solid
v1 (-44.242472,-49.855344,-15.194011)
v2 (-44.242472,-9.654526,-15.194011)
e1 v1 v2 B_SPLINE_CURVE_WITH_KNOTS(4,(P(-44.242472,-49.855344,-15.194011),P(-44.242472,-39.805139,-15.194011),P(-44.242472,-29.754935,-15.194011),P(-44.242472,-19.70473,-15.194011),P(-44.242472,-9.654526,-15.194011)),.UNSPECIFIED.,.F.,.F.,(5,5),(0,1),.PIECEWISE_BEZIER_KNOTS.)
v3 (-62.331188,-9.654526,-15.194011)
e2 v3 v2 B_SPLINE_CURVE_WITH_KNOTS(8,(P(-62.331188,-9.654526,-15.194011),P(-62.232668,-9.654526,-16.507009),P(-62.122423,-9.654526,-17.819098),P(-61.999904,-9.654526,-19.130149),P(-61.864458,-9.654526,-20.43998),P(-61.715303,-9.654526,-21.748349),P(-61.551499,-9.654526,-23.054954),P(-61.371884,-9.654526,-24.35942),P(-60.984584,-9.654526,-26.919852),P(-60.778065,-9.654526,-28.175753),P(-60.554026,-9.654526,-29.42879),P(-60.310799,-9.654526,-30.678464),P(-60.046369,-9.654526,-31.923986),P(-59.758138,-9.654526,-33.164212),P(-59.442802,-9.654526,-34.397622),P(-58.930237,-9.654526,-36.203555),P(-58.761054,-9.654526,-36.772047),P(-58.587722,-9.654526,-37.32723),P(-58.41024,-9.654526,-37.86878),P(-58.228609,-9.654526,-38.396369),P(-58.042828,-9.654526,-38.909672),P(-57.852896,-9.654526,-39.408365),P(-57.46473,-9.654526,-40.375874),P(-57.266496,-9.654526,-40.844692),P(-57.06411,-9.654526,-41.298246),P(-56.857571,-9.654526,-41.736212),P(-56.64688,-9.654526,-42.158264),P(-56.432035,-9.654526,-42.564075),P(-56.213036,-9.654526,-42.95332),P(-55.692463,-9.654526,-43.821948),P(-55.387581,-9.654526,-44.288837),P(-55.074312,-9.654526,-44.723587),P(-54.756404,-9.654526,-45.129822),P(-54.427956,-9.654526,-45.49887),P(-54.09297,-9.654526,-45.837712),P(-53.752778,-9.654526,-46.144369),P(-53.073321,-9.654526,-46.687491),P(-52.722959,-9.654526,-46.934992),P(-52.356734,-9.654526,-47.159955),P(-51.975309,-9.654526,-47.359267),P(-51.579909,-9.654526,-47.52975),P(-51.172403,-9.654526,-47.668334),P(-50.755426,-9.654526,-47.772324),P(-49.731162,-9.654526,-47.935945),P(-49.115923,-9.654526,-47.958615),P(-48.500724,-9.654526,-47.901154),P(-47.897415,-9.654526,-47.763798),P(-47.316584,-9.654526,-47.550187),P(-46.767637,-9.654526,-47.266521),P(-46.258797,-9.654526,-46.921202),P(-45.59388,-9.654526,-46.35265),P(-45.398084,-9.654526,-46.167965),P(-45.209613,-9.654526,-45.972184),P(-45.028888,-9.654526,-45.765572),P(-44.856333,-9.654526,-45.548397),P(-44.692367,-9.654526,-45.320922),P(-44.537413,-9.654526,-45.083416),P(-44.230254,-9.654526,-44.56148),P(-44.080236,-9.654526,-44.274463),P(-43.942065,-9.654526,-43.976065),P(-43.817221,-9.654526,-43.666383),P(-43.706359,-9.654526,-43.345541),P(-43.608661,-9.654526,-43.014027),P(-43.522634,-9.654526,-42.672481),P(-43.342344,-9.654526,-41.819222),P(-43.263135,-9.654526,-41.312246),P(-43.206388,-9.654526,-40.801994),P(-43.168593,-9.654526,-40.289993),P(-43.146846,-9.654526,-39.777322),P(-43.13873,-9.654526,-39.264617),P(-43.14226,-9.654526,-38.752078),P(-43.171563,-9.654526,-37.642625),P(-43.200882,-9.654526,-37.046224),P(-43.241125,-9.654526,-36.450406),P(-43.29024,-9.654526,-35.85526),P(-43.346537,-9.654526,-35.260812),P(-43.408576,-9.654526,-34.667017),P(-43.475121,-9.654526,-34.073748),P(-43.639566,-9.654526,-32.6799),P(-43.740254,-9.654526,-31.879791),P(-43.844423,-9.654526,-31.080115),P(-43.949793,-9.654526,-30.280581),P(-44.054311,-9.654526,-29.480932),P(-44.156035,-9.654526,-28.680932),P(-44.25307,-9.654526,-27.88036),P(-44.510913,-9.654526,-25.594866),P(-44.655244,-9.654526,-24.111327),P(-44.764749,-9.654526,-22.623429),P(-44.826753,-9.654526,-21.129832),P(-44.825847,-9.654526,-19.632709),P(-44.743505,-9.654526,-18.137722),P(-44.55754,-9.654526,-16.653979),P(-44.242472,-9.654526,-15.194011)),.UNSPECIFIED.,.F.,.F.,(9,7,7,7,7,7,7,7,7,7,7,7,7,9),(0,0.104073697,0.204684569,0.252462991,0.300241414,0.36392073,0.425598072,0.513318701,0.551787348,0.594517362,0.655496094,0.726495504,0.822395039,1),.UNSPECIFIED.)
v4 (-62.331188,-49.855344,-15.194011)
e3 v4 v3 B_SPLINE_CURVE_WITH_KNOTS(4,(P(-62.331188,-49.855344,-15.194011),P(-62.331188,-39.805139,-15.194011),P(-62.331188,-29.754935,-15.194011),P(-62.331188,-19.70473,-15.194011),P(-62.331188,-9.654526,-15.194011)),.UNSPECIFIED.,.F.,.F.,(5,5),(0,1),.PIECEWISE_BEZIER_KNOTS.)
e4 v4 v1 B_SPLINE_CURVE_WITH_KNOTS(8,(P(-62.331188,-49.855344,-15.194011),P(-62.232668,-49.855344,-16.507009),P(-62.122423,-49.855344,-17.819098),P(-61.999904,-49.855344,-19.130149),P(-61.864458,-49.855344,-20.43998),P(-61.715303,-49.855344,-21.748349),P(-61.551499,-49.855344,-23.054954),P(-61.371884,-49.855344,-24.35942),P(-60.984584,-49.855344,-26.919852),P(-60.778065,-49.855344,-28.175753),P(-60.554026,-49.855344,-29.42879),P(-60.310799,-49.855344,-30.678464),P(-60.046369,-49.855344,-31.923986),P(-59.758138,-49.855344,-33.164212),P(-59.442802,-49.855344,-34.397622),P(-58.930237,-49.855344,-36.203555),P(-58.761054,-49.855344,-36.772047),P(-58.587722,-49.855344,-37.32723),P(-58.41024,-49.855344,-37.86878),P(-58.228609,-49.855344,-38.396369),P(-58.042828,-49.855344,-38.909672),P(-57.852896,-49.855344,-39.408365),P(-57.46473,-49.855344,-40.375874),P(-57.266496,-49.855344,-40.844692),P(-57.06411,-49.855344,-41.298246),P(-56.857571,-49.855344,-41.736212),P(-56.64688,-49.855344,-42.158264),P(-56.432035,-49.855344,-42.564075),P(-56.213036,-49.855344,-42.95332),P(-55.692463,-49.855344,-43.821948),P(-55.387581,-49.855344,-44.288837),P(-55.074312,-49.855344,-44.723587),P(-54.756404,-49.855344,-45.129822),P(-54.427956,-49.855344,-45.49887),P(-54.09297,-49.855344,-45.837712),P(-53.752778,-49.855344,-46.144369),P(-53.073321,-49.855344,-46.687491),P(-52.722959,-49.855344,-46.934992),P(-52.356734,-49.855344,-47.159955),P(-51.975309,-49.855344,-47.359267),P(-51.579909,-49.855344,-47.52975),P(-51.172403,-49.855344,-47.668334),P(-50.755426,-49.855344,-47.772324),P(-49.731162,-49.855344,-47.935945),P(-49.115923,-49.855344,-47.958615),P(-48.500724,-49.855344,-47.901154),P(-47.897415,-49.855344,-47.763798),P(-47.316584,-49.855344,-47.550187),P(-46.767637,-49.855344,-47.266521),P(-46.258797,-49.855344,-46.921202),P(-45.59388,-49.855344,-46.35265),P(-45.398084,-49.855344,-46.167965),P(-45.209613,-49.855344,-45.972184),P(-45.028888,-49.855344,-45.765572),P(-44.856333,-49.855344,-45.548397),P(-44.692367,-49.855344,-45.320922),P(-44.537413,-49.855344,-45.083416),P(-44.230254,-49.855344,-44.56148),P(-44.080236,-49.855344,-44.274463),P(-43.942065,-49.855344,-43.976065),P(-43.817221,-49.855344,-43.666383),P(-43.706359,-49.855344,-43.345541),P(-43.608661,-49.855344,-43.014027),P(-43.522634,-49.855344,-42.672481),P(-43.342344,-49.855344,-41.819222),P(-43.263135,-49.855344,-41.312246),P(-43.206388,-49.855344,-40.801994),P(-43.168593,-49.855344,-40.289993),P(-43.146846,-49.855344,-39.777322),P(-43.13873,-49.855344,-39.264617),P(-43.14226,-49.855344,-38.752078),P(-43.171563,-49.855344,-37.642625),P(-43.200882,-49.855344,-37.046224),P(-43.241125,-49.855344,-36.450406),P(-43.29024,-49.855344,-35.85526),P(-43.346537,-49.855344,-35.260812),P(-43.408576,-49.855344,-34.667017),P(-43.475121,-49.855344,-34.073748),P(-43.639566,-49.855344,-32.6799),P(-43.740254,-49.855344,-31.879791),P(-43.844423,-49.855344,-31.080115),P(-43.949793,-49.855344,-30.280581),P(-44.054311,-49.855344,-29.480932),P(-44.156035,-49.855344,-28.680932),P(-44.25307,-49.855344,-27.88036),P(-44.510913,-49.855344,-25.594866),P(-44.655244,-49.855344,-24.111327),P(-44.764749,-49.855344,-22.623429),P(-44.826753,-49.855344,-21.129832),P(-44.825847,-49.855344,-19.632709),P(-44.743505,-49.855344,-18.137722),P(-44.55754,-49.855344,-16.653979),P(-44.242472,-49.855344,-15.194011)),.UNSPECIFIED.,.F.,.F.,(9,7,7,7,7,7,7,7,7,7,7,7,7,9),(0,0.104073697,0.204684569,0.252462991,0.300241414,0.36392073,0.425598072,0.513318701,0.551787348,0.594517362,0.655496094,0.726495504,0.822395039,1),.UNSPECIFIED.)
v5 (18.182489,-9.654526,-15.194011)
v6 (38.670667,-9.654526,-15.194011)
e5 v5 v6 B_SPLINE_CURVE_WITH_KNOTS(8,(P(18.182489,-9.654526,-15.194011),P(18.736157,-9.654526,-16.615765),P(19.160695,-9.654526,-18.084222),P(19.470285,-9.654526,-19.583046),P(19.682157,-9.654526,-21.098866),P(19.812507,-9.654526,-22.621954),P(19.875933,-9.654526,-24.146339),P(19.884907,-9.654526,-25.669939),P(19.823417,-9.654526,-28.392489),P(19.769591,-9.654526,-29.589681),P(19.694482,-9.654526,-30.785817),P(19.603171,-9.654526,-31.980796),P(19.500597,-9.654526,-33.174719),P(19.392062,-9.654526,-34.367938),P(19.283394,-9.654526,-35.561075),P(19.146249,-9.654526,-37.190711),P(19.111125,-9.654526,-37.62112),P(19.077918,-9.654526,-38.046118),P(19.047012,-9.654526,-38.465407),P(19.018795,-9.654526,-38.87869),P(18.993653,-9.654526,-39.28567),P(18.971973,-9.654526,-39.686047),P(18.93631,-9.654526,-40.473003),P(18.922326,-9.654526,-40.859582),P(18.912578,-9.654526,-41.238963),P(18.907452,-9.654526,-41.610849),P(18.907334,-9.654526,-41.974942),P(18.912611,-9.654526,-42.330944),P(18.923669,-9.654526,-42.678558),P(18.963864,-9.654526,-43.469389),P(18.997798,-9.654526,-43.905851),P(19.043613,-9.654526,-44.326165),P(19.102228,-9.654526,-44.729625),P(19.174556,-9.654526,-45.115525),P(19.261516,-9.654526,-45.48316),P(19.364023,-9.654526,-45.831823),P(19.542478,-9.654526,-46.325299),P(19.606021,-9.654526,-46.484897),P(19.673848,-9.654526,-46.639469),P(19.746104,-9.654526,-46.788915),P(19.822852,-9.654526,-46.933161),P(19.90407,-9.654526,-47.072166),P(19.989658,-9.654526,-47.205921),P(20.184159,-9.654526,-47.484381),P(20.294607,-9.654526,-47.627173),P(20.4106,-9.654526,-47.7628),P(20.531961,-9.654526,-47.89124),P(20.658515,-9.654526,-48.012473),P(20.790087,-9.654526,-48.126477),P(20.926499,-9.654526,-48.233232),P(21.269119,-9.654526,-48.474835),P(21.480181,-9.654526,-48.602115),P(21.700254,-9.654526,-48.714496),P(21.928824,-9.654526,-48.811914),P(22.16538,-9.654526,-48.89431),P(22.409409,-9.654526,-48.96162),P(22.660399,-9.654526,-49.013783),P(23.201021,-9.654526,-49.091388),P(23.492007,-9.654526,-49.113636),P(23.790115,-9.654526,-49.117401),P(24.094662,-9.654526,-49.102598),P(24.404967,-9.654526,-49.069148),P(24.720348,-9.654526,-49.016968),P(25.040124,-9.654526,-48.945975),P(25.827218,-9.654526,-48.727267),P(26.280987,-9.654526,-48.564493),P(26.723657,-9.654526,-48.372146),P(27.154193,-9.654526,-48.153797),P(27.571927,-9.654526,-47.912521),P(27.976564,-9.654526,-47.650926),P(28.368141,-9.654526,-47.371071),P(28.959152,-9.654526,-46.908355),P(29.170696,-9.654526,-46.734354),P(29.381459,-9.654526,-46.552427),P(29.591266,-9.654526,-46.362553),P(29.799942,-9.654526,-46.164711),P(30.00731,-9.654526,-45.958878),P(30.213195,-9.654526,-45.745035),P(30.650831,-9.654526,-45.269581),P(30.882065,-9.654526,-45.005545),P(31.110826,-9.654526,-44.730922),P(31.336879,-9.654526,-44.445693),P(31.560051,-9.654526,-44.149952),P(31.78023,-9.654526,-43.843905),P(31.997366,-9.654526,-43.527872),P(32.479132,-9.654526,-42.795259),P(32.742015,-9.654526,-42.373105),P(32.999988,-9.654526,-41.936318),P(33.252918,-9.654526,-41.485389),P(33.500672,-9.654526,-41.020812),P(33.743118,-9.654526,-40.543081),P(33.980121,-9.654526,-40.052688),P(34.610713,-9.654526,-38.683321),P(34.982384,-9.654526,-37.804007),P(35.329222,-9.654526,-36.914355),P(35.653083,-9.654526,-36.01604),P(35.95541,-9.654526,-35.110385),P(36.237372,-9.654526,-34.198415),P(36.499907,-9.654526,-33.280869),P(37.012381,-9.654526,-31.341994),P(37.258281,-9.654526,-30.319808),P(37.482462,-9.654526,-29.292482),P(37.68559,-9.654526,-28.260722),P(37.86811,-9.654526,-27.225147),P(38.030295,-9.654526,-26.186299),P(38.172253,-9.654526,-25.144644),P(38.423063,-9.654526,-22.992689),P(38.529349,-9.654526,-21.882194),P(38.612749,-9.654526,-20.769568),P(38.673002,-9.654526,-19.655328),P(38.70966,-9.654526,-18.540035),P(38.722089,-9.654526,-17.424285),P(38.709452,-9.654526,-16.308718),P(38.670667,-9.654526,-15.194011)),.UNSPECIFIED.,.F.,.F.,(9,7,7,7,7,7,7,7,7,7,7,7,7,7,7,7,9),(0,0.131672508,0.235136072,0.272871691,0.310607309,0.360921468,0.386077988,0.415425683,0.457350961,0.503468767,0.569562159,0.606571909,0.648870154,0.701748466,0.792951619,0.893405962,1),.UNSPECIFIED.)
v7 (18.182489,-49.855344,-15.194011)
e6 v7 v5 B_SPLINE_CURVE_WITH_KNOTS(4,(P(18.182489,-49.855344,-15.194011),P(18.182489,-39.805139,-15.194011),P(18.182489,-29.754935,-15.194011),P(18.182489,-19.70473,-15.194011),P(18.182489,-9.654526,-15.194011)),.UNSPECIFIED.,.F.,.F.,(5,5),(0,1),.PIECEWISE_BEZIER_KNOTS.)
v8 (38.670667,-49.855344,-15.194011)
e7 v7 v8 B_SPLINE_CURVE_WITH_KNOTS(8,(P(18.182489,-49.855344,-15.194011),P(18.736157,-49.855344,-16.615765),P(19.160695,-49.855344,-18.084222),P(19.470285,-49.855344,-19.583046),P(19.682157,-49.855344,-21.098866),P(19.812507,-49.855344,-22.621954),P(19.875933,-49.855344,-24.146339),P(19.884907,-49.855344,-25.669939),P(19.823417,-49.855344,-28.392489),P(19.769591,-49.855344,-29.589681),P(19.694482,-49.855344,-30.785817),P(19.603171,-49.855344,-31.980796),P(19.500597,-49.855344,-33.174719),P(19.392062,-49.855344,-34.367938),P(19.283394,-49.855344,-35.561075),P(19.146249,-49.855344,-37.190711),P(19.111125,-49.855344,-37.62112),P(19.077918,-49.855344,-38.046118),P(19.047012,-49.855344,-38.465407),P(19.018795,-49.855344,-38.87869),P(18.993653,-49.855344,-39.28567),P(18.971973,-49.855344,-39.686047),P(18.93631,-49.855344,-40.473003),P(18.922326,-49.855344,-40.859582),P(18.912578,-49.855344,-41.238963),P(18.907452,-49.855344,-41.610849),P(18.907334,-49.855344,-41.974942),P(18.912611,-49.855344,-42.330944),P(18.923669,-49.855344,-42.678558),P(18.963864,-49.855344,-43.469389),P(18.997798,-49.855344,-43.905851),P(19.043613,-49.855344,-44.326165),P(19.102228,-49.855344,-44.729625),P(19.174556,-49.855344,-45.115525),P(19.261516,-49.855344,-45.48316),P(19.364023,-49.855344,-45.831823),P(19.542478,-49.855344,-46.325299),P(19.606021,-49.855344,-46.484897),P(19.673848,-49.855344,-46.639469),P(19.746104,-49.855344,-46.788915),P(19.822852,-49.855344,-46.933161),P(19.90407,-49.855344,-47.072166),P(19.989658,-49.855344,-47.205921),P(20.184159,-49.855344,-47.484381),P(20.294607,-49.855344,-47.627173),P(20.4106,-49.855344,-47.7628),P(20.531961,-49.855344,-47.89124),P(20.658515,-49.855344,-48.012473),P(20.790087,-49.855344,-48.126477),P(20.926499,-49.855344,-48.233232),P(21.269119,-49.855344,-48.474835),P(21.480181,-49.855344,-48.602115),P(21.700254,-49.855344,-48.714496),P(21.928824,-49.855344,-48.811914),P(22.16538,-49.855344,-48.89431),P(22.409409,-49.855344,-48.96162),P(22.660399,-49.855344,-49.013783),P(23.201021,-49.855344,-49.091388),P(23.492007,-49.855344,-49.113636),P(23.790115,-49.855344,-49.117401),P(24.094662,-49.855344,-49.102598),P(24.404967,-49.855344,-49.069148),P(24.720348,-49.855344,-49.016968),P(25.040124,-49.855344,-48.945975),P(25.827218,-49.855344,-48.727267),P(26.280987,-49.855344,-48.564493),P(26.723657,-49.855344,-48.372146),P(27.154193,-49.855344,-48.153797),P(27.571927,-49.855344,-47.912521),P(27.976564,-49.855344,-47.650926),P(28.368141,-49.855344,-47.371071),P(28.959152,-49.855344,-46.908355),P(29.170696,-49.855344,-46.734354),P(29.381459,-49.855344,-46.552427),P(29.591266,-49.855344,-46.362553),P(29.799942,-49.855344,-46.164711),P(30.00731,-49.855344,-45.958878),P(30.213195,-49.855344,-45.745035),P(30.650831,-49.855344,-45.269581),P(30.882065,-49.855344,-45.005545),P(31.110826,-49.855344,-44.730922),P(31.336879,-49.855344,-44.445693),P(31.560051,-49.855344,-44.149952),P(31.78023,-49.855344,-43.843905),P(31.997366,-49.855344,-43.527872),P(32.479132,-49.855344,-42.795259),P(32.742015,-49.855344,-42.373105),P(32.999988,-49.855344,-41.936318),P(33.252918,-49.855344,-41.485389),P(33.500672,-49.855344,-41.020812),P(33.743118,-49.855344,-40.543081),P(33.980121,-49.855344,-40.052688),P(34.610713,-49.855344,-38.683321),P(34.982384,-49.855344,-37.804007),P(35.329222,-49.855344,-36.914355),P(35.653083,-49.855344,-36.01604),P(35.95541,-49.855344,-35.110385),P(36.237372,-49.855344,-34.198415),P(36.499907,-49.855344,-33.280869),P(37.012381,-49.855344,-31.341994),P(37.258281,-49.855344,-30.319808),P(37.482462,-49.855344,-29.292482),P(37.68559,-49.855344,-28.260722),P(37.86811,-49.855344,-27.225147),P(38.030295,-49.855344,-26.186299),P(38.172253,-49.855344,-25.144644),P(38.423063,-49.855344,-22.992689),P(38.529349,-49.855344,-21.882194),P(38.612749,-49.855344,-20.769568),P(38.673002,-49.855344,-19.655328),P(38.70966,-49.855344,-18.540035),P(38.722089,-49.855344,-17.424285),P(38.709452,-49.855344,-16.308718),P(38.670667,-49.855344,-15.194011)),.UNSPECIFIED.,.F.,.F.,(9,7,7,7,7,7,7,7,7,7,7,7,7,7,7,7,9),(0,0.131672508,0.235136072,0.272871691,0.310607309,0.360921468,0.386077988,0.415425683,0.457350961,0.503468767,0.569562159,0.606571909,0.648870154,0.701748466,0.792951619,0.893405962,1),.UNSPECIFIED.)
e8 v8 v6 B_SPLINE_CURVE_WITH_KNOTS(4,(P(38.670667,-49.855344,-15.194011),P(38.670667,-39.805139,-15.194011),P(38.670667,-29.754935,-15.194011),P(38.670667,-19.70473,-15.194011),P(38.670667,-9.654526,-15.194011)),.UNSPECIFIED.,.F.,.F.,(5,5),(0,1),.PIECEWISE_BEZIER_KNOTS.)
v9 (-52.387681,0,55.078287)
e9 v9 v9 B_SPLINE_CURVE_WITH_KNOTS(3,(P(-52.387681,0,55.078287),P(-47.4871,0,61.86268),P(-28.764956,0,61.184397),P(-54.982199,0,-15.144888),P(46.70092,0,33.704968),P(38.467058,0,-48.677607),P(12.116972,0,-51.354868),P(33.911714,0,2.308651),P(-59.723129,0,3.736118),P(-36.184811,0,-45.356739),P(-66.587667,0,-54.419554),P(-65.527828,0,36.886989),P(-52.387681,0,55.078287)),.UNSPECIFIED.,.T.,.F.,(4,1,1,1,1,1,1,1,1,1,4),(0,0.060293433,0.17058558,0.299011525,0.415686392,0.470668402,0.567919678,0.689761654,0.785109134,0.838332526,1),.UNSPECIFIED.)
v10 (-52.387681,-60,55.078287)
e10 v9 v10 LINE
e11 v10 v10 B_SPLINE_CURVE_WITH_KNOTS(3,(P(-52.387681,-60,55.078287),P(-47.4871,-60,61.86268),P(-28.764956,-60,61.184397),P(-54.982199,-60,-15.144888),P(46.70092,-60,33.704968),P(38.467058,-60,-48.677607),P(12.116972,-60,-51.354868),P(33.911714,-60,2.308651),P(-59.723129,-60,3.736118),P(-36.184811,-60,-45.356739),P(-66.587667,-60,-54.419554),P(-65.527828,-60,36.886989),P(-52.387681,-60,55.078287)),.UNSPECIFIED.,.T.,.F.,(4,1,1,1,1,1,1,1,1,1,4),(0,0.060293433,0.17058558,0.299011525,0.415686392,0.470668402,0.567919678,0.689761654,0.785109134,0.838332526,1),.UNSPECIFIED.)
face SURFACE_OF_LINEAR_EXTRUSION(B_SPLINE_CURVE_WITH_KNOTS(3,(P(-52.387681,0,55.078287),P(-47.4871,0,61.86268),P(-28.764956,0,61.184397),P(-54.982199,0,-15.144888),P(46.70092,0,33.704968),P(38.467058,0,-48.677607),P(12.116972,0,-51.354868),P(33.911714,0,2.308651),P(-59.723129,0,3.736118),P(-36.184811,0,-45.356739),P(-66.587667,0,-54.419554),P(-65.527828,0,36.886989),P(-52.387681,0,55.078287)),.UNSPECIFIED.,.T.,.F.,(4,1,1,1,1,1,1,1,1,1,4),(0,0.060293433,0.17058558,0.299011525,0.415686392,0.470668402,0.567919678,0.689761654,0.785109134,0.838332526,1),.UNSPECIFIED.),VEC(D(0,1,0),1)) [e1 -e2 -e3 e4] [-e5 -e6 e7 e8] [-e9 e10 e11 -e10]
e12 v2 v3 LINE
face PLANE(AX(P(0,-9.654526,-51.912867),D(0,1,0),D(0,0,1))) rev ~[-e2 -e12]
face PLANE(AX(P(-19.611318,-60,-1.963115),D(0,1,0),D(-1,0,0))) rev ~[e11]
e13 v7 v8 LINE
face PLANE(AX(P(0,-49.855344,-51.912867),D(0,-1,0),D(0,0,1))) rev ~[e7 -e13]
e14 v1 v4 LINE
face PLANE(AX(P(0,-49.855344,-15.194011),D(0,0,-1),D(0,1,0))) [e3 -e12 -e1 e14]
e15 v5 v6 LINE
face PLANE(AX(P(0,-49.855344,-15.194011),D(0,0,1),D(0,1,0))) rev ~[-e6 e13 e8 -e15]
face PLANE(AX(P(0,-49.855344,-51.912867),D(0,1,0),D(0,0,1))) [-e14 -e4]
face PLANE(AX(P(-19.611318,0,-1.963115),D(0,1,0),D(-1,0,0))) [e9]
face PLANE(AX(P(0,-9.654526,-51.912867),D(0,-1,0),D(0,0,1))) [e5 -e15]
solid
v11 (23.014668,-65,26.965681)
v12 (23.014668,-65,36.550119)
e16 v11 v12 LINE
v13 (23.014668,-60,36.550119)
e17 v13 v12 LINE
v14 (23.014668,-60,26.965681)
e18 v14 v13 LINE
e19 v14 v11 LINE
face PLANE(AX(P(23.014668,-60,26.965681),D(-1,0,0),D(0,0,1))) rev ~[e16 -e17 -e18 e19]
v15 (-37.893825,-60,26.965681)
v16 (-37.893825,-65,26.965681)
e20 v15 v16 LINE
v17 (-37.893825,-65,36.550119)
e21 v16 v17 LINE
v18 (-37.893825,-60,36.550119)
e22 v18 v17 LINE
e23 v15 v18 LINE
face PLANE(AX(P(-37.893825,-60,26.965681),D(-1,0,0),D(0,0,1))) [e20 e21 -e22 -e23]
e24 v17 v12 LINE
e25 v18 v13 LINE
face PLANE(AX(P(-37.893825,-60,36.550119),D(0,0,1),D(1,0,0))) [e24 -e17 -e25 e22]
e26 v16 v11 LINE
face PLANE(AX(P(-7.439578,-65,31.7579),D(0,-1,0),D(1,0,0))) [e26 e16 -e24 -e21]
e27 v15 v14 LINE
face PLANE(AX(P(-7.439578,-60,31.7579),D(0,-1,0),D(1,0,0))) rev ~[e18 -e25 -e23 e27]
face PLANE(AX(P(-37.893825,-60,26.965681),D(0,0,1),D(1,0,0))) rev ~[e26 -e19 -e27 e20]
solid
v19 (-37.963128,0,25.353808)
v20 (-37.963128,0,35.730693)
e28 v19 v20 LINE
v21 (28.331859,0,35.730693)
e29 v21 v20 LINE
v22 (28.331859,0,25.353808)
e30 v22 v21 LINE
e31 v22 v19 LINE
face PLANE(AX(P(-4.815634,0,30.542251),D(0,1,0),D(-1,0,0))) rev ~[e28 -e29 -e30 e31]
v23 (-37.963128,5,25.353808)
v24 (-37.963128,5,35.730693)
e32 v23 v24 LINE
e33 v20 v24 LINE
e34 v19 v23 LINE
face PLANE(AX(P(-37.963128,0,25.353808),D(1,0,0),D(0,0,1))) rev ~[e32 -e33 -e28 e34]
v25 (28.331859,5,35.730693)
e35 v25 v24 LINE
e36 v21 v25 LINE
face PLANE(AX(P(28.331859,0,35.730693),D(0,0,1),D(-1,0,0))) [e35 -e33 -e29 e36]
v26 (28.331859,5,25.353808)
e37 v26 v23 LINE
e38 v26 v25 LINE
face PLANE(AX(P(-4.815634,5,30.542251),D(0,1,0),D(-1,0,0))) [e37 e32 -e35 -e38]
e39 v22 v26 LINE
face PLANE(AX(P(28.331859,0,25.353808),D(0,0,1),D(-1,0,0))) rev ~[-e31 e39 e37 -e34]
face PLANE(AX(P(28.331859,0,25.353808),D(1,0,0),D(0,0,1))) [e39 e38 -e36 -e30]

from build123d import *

# Parameters (mm, degrees)
F2_DEPTH      = 60
F1_W          = 40.20081833
F1_H          = 36.718855612
F3_DEPTH      = 38.7051039018
F3_DEPTH_BACK = 80
F4_W          = 60.9084924487
F4_H          = 9.5844385631
F5_DEPTH      = 5
F6_W          = 66.2949876015
F6_H          = 10.3768850105
F7_DEPTH      = 5


with BuildPart() as f2:
    # F0 (on Front) → F2 (new body)
    with BuildSketch(Plane.XZ):
        with BuildLine():
            add(Edge.make_bspline(
                [(-52.3876808584, 55.0782866776), (-47.4870996695, 61.862680449), (-28.7649561996, 61.1843965172), (-54.982199213, -15.144888363), (46.700920385, 33.7049684141), (38.467057912, -48.6776065351), (12.1169718889, -51.3548676731), (33.9117135351, 2.3086509732), (-59.7231290492, 3.7361184525), (-36.1848105031, -45.3567385329), (-66.5876674439, -54.4195541787), (-65.5278279706, 36.8869887913), (-52.3876808584, 55.0782866776)],
                knots=[0, 0, 0, 0, 0.0602934332, 0.1705855797, 0.2990115245, 0.4156863916, 0.4706684017, 0.5679196784, 0.6897616542, 0.7851091337, 0.8383325258, 1, 1, 1, 1], degree=3))
        make_face()
    extrude(amount=F2_DEPTH)

    # F1 (on Right) → F3 (cut, two sides)
    with BuildSketch(Plane.YZ) as f3_sk:
        with Locations((-29.7549348325, -33.5534387268)):
            Rectangle(F1_W, F1_H)
    extrude(amount=F3_DEPTH, mode=Mode.SUBTRACT)
    extrude(f3_sk.sketch, amount=-F3_DEPTH_BACK, mode=Mode.SUBTRACT)


with BuildPart() as f5:
    # F4 (on face) → F5 (new body)
    with BuildSketch(Plane.XZ.offset(60)):
        with Locations((-7.4395784433, 31.7578998428)):
            Rectangle(F4_W, F4_H)
    extrude(amount=F5_DEPTH)


with BuildPart() as f7:
    # F6 (on face) → F7 (new body)
    with BuildSketch(Plane(origin=(0, 0, 0), x_dir=(-1, 0, 0), z_dir=(0, 1, 0))):
        with Locations((4.8156344022, 30.5422506379)):
            Rectangle(F6_W, F6_H)
    extrude(amount=F7_DEPTH)


solid = Compound([f2.part, f5.part, f7.part])
